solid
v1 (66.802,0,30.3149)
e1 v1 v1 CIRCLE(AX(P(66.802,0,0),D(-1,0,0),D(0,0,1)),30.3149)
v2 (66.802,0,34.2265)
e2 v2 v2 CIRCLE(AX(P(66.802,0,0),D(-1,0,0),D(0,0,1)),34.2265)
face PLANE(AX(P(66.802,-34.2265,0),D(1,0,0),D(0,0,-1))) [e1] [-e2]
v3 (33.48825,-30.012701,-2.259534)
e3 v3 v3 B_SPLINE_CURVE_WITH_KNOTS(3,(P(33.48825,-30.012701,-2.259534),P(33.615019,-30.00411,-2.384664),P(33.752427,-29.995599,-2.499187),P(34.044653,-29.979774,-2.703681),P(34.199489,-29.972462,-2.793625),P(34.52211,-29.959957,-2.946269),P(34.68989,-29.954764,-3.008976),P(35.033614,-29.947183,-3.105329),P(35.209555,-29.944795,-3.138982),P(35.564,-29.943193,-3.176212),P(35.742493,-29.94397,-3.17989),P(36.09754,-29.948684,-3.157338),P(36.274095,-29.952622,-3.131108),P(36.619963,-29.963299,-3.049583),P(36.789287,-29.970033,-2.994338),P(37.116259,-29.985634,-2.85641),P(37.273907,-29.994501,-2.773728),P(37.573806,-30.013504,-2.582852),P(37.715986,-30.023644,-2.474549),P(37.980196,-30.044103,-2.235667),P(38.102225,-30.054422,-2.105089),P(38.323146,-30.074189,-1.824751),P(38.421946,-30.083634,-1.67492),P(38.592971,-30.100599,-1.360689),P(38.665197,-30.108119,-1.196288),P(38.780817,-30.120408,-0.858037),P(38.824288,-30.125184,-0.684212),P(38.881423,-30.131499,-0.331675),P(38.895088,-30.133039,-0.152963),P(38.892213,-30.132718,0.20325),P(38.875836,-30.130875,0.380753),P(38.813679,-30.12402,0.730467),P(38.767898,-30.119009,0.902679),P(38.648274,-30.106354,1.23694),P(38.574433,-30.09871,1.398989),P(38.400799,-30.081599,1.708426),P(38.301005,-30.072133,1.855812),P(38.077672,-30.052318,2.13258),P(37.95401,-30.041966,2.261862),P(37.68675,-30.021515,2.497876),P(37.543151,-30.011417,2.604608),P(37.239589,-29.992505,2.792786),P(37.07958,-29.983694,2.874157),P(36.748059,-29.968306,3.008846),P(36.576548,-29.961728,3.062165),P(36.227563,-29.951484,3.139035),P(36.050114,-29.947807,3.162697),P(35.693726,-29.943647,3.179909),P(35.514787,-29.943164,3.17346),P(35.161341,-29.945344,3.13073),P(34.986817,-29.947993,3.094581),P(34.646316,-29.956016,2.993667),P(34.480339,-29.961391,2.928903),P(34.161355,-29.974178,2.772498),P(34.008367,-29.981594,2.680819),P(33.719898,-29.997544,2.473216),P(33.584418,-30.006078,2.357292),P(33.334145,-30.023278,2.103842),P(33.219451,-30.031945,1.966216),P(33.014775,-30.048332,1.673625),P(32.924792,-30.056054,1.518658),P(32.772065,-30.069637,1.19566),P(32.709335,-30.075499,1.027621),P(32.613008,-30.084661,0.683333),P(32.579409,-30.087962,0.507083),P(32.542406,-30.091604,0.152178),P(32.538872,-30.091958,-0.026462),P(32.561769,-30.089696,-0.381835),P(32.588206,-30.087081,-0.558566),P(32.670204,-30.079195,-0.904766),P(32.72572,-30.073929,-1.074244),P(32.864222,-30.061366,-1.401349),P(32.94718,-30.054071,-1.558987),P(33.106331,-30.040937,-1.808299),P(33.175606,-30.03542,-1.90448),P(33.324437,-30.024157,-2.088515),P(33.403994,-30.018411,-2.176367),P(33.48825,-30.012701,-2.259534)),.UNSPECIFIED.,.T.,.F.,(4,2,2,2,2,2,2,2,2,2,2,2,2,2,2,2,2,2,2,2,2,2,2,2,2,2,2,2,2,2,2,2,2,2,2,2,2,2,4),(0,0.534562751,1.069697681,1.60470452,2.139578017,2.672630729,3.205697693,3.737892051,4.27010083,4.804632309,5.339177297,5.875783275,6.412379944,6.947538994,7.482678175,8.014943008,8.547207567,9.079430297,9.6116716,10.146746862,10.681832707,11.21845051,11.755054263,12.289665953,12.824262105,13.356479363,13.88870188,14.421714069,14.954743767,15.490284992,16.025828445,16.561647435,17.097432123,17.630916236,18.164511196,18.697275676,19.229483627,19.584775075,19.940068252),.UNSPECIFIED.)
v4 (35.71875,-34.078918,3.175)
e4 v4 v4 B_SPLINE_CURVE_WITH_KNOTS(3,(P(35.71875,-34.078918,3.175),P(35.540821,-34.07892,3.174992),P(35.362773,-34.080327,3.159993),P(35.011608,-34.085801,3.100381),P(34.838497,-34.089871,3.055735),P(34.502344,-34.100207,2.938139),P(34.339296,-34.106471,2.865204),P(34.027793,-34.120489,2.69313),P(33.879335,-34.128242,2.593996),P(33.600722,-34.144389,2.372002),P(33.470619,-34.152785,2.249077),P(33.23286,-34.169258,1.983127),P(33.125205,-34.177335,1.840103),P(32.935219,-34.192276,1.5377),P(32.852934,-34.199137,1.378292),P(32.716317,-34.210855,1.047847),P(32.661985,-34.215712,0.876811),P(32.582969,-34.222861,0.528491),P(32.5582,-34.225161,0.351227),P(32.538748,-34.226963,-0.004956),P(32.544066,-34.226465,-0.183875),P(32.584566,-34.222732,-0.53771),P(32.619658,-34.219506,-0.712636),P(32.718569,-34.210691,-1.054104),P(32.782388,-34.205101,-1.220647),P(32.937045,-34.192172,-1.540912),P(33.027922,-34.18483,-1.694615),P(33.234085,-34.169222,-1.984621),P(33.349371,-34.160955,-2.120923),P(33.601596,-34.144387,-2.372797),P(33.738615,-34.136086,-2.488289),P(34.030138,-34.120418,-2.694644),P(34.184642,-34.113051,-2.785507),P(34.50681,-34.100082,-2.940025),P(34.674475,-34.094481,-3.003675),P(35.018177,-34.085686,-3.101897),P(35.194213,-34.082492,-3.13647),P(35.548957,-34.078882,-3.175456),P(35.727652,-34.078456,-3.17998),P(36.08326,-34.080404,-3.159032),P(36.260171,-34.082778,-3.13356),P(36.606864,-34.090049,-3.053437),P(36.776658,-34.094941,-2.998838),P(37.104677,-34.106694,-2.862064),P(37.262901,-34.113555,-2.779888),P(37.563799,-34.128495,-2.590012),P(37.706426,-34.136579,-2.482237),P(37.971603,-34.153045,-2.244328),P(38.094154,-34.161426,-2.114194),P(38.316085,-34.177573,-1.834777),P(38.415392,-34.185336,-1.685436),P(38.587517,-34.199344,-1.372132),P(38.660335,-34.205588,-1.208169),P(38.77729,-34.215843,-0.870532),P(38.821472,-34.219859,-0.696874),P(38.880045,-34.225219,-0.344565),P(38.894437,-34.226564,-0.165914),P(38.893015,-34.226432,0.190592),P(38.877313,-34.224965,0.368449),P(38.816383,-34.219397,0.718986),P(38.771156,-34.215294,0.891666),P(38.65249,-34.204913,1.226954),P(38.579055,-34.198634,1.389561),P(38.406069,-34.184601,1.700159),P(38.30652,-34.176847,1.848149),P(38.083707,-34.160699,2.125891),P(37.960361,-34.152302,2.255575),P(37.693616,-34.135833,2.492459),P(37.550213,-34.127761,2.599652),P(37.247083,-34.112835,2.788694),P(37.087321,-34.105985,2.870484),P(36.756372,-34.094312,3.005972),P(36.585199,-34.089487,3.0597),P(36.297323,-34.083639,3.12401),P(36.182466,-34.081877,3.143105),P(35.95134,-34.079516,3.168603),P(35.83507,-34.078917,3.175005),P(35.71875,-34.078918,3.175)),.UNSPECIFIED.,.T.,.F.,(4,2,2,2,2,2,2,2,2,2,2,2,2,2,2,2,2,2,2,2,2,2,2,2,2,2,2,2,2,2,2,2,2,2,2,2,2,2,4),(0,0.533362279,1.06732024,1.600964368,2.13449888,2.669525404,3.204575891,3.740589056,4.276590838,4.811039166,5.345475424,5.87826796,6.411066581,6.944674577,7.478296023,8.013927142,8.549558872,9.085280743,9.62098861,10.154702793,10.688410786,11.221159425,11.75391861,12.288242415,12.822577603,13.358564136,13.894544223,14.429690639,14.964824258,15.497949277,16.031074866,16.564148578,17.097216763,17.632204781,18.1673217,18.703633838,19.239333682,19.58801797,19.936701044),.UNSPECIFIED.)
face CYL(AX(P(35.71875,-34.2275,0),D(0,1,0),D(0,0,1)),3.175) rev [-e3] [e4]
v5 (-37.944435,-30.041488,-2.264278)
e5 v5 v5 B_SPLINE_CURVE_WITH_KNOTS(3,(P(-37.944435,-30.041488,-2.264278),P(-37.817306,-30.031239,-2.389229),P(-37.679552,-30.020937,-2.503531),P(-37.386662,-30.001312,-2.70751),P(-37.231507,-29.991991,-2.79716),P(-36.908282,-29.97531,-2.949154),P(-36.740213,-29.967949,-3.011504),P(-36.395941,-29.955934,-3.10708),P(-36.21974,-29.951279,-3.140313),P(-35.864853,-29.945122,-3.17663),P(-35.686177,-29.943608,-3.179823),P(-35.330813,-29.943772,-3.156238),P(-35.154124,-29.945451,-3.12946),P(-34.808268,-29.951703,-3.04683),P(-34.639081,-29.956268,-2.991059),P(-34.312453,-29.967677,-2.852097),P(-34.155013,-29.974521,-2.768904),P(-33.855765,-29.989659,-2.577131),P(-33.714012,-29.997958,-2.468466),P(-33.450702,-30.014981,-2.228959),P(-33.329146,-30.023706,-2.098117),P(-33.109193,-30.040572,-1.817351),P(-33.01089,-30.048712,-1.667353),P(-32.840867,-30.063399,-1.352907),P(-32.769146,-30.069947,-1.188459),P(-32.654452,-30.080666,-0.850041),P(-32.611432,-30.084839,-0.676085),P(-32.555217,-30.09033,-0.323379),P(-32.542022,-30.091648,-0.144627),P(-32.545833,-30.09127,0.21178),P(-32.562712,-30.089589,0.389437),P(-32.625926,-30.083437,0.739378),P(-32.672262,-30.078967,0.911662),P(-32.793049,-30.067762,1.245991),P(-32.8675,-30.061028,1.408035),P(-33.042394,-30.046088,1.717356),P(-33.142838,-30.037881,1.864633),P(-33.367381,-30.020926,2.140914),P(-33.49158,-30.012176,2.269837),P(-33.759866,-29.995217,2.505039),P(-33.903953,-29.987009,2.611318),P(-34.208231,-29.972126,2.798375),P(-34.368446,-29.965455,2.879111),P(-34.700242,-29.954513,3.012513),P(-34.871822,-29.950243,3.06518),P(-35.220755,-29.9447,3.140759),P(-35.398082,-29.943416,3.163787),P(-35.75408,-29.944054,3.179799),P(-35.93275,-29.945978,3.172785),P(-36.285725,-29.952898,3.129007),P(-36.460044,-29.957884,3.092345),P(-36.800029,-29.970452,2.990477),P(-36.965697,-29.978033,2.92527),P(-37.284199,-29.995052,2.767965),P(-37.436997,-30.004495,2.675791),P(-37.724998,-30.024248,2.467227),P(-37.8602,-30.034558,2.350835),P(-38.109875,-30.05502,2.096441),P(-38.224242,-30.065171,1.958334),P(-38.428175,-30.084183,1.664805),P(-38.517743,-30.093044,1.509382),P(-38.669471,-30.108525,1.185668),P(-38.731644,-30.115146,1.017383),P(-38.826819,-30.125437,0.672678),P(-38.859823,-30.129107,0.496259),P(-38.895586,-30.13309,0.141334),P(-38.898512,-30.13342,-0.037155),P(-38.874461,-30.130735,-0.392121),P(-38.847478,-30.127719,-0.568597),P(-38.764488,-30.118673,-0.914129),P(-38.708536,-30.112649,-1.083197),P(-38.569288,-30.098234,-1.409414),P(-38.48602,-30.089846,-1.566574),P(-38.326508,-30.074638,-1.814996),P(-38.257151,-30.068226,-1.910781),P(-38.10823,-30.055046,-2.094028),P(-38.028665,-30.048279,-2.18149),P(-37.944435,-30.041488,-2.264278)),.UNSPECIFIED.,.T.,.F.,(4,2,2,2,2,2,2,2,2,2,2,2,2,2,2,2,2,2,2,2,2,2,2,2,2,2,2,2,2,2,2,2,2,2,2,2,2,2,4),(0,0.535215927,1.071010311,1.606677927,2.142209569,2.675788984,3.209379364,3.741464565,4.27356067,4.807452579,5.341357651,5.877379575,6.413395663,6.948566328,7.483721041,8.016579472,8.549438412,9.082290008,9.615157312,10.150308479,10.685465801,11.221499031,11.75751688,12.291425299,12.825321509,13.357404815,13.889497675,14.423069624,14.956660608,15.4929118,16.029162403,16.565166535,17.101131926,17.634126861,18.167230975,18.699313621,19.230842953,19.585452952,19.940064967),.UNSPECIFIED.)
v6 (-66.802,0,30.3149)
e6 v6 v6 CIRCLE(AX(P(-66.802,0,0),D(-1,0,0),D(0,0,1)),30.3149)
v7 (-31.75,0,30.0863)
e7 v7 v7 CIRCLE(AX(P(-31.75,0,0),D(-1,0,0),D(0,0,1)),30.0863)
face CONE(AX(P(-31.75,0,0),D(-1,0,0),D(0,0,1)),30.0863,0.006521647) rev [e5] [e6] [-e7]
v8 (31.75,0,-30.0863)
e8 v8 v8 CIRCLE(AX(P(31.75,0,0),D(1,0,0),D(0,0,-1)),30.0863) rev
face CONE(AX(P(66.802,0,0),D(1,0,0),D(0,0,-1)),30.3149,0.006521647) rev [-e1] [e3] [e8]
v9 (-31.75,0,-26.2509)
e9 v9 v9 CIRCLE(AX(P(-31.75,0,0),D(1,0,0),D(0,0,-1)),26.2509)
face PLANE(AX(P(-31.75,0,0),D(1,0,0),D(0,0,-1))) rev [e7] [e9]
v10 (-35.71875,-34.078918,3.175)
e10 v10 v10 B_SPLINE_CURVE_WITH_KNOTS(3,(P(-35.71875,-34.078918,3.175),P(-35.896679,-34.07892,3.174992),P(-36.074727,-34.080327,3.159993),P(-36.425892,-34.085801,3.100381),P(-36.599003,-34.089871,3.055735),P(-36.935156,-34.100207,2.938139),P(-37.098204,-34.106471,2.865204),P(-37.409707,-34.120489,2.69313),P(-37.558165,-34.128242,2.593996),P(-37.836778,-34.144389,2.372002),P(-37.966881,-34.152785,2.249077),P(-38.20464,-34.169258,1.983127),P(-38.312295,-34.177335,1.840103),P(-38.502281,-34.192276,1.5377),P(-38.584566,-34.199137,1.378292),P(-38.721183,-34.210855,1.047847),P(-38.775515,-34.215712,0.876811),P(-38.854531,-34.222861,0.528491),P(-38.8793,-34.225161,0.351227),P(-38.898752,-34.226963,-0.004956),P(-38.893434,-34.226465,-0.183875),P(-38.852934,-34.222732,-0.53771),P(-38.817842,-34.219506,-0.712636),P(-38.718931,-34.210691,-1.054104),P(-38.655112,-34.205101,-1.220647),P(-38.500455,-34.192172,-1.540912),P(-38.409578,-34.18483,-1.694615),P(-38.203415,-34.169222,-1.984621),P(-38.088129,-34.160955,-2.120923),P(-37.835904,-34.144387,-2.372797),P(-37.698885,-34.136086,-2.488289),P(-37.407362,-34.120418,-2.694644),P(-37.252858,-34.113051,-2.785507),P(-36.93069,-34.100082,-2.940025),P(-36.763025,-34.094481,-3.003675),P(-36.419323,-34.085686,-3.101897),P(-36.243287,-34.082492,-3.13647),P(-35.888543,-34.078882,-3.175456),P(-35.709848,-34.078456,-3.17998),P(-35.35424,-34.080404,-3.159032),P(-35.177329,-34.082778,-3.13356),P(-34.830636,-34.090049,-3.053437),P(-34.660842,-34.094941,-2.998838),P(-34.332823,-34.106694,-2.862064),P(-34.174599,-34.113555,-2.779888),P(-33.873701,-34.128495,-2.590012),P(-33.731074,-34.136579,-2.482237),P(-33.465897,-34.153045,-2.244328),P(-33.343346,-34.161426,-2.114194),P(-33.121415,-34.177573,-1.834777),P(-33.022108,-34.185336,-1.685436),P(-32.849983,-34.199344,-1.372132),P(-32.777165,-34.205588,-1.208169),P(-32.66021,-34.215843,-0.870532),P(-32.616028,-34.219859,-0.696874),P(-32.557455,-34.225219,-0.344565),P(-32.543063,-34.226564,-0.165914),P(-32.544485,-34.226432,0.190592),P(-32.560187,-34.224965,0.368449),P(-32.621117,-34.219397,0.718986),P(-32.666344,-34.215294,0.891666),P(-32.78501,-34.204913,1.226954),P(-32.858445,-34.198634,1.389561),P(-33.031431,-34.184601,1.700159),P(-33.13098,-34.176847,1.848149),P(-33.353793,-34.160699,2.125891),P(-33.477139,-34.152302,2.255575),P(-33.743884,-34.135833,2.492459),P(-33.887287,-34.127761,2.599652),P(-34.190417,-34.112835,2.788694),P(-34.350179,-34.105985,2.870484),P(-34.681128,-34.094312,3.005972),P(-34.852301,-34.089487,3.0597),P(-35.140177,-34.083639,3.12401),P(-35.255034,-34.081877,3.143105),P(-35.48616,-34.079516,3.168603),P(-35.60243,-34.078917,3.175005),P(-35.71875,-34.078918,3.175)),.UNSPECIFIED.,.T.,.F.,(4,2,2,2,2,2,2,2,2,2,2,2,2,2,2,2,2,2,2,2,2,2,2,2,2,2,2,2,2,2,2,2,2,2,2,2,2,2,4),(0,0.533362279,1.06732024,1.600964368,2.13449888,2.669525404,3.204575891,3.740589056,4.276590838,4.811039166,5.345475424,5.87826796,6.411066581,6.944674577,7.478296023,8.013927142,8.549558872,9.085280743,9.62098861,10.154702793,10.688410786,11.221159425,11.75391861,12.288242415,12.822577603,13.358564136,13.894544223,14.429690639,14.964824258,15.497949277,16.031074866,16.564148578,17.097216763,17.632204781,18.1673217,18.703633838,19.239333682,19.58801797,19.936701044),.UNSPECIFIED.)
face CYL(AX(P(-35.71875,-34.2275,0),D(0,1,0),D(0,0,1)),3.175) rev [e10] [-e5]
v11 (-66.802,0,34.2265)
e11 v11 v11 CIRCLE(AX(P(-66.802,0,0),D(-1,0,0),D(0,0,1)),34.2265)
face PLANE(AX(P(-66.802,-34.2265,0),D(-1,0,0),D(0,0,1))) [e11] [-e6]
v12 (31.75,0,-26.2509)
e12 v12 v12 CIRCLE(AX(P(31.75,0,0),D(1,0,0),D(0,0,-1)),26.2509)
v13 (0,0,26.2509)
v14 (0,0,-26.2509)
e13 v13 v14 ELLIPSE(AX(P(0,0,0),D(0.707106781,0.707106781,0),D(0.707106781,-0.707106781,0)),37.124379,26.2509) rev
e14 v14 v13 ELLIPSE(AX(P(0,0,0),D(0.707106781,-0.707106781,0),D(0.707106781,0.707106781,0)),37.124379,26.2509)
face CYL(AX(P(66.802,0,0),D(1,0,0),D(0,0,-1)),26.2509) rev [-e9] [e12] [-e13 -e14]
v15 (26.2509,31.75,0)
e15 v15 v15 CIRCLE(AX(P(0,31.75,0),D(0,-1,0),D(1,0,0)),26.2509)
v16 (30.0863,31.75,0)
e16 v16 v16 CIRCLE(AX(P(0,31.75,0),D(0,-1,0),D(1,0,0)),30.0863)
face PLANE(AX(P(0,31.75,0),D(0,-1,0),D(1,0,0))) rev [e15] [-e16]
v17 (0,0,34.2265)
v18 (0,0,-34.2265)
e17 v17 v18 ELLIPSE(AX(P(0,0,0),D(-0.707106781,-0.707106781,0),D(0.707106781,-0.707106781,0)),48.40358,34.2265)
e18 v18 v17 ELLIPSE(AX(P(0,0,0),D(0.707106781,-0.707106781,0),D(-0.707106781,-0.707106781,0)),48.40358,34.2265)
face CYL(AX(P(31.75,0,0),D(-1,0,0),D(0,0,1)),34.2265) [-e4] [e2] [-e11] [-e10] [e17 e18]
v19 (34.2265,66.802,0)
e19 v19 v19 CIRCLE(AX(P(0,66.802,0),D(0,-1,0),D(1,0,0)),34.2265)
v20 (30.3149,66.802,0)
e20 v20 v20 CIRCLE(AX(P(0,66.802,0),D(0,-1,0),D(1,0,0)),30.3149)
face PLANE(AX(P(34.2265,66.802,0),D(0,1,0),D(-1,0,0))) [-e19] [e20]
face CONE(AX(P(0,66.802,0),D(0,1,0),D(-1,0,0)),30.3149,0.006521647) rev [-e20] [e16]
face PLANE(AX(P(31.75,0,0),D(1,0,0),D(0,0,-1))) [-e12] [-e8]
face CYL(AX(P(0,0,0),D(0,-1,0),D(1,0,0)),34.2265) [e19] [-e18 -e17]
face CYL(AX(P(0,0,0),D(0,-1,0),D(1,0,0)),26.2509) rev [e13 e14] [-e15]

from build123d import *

# Parameters (mm, degrees)
SKETCH4_R           = 34.2265
BOSS_EXTRUDE1_DEPTH = 63.5
SKETCH5_R           = 34.2265
BOSS_EXTRUDE2_DEPTH = 31.75
CUT_EXTRUDE1_REACH  = 36.227
SKETCH8_R           = 3.175


with BuildPart() as part:
    # Sketch1 → Revolve1 (revolve)
    with BuildSketch(Plane.XY):
        Polygon((-66.802, -34.2265), (-31.75, -34.2265), (-31.75, -30.0863), (-66.802, -30.3149), align=None)
        Polygon((66.802, -30.3149), (31.75, -30.0863), (31.75, -34.2265), (66.802, -34.2265), align=None)
    revolve(axis=Axis((-66.802, 0, 0), (1, 0, 0)))



with BuildPart() as body_2:
    # Sketch2 → Revolve2 (revolve)
    with BuildSketch(Plane.XY):
        Polygon((30.3149, 66.802), (30.0863, 31.75), (34.2265, 31.75), (34.2265, 66.802), align=None)
    revolve(axis=Axis((0, 0, 0), (0, 1, 0)))


with BuildPart() as part_1:
    add(part.part)

    add(body_2.part)  # Boss-Extrude1 merges body 2
    # Sketch4 → Boss-Extrude1 (add)
    with BuildSketch(Plane(origin=(-31.75, 0, 0), x_dir=(0, 0, -1), z_dir=(1, 0, 0))):
        Circle(SKETCH4_R)
    extrude(amount=BOSS_EXTRUDE1_DEPTH)

    # Sketch5 → Boss-Extrude2 (add)
    with BuildSketch(Plane.XZ.offset(-31.75)):
        Circle(SKETCH5_R)
    extrude(amount=BOSS_EXTRUDE2_DEPTH)

    # Sketch6 → Cut-Revolve1 (revolve, cut)
    with BuildSketch(Plane.XY):
        Polygon((-66.802, -30.3149), (-31.75, -30.0863), (-31.75, -26.2509), (31.75, -26.2509), (31.75, -30.0863), (66.802, -30.3149), (66.802, 0), (-66.802, 0), align=None)
    revolve(axis=Axis((66.802, 0, 0), (-1, 0, 0)), mode=Mode.SUBTRACT)

    # Sketch7 → Cut-Revolve2 (revolve, cut)
    with BuildSketch(Plane.XY):
        Polygon((30.3149, 66.802), (30.0863, 31.75), (26.2509, 31.75), (26.2509, 0), (0, 0), (0, 66.802), align=None)
    revolve(axis=Axis((0, 0, 0), (0, 1, 0)), mode=Mode.SUBTRACT)

    # Sketch8 → Cut-Extrude1 (cut, up to next)
    with BuildSketch(Plane(origin=(0, 0, 0), x_dir=(1, 0, 0), z_dir=(0, 1, 0)), mode=Mode.PRIVATE) as cut_extrude1_sk1:
        with Locations((35.71875, 0)):
            Circle(SKETCH8_R)
    cut_extrude1_tool1 = extrude(cut_extrude1_sk1.sketch, amount=-CUT_EXTRUDE1_REACH, mode=Mode.PRIVATE) & part_1.part
    add(cut_extrude1_tool1.solids().sort_by_distance((35.71875, 0, 0))[0], mode=Mode.SUBTRACT)
    # Sketch8 → Cut-Extrude1 (cut, up to next)
    with BuildSketch(Plane(origin=(0, 0, 0), x_dir=(1, 0, 0), z_dir=(0, 1, 0)), mode=Mode.PRIVATE) as cut_extrude1_sk2:
        with Locations((-35.71875, 0)):
            Circle(SKETCH8_R)
    cut_extrude1_tool2 = extrude(cut_extrude1_sk2.sketch, amount=-CUT_EXTRUDE1_REACH, mode=Mode.PRIVATE) & part_1.part
    add(cut_extrude1_tool2.solids().sort_by_distance((-35.71875, 0, 0))[0], mode=Mode.SUBTRACT)


solid = part_1.part
